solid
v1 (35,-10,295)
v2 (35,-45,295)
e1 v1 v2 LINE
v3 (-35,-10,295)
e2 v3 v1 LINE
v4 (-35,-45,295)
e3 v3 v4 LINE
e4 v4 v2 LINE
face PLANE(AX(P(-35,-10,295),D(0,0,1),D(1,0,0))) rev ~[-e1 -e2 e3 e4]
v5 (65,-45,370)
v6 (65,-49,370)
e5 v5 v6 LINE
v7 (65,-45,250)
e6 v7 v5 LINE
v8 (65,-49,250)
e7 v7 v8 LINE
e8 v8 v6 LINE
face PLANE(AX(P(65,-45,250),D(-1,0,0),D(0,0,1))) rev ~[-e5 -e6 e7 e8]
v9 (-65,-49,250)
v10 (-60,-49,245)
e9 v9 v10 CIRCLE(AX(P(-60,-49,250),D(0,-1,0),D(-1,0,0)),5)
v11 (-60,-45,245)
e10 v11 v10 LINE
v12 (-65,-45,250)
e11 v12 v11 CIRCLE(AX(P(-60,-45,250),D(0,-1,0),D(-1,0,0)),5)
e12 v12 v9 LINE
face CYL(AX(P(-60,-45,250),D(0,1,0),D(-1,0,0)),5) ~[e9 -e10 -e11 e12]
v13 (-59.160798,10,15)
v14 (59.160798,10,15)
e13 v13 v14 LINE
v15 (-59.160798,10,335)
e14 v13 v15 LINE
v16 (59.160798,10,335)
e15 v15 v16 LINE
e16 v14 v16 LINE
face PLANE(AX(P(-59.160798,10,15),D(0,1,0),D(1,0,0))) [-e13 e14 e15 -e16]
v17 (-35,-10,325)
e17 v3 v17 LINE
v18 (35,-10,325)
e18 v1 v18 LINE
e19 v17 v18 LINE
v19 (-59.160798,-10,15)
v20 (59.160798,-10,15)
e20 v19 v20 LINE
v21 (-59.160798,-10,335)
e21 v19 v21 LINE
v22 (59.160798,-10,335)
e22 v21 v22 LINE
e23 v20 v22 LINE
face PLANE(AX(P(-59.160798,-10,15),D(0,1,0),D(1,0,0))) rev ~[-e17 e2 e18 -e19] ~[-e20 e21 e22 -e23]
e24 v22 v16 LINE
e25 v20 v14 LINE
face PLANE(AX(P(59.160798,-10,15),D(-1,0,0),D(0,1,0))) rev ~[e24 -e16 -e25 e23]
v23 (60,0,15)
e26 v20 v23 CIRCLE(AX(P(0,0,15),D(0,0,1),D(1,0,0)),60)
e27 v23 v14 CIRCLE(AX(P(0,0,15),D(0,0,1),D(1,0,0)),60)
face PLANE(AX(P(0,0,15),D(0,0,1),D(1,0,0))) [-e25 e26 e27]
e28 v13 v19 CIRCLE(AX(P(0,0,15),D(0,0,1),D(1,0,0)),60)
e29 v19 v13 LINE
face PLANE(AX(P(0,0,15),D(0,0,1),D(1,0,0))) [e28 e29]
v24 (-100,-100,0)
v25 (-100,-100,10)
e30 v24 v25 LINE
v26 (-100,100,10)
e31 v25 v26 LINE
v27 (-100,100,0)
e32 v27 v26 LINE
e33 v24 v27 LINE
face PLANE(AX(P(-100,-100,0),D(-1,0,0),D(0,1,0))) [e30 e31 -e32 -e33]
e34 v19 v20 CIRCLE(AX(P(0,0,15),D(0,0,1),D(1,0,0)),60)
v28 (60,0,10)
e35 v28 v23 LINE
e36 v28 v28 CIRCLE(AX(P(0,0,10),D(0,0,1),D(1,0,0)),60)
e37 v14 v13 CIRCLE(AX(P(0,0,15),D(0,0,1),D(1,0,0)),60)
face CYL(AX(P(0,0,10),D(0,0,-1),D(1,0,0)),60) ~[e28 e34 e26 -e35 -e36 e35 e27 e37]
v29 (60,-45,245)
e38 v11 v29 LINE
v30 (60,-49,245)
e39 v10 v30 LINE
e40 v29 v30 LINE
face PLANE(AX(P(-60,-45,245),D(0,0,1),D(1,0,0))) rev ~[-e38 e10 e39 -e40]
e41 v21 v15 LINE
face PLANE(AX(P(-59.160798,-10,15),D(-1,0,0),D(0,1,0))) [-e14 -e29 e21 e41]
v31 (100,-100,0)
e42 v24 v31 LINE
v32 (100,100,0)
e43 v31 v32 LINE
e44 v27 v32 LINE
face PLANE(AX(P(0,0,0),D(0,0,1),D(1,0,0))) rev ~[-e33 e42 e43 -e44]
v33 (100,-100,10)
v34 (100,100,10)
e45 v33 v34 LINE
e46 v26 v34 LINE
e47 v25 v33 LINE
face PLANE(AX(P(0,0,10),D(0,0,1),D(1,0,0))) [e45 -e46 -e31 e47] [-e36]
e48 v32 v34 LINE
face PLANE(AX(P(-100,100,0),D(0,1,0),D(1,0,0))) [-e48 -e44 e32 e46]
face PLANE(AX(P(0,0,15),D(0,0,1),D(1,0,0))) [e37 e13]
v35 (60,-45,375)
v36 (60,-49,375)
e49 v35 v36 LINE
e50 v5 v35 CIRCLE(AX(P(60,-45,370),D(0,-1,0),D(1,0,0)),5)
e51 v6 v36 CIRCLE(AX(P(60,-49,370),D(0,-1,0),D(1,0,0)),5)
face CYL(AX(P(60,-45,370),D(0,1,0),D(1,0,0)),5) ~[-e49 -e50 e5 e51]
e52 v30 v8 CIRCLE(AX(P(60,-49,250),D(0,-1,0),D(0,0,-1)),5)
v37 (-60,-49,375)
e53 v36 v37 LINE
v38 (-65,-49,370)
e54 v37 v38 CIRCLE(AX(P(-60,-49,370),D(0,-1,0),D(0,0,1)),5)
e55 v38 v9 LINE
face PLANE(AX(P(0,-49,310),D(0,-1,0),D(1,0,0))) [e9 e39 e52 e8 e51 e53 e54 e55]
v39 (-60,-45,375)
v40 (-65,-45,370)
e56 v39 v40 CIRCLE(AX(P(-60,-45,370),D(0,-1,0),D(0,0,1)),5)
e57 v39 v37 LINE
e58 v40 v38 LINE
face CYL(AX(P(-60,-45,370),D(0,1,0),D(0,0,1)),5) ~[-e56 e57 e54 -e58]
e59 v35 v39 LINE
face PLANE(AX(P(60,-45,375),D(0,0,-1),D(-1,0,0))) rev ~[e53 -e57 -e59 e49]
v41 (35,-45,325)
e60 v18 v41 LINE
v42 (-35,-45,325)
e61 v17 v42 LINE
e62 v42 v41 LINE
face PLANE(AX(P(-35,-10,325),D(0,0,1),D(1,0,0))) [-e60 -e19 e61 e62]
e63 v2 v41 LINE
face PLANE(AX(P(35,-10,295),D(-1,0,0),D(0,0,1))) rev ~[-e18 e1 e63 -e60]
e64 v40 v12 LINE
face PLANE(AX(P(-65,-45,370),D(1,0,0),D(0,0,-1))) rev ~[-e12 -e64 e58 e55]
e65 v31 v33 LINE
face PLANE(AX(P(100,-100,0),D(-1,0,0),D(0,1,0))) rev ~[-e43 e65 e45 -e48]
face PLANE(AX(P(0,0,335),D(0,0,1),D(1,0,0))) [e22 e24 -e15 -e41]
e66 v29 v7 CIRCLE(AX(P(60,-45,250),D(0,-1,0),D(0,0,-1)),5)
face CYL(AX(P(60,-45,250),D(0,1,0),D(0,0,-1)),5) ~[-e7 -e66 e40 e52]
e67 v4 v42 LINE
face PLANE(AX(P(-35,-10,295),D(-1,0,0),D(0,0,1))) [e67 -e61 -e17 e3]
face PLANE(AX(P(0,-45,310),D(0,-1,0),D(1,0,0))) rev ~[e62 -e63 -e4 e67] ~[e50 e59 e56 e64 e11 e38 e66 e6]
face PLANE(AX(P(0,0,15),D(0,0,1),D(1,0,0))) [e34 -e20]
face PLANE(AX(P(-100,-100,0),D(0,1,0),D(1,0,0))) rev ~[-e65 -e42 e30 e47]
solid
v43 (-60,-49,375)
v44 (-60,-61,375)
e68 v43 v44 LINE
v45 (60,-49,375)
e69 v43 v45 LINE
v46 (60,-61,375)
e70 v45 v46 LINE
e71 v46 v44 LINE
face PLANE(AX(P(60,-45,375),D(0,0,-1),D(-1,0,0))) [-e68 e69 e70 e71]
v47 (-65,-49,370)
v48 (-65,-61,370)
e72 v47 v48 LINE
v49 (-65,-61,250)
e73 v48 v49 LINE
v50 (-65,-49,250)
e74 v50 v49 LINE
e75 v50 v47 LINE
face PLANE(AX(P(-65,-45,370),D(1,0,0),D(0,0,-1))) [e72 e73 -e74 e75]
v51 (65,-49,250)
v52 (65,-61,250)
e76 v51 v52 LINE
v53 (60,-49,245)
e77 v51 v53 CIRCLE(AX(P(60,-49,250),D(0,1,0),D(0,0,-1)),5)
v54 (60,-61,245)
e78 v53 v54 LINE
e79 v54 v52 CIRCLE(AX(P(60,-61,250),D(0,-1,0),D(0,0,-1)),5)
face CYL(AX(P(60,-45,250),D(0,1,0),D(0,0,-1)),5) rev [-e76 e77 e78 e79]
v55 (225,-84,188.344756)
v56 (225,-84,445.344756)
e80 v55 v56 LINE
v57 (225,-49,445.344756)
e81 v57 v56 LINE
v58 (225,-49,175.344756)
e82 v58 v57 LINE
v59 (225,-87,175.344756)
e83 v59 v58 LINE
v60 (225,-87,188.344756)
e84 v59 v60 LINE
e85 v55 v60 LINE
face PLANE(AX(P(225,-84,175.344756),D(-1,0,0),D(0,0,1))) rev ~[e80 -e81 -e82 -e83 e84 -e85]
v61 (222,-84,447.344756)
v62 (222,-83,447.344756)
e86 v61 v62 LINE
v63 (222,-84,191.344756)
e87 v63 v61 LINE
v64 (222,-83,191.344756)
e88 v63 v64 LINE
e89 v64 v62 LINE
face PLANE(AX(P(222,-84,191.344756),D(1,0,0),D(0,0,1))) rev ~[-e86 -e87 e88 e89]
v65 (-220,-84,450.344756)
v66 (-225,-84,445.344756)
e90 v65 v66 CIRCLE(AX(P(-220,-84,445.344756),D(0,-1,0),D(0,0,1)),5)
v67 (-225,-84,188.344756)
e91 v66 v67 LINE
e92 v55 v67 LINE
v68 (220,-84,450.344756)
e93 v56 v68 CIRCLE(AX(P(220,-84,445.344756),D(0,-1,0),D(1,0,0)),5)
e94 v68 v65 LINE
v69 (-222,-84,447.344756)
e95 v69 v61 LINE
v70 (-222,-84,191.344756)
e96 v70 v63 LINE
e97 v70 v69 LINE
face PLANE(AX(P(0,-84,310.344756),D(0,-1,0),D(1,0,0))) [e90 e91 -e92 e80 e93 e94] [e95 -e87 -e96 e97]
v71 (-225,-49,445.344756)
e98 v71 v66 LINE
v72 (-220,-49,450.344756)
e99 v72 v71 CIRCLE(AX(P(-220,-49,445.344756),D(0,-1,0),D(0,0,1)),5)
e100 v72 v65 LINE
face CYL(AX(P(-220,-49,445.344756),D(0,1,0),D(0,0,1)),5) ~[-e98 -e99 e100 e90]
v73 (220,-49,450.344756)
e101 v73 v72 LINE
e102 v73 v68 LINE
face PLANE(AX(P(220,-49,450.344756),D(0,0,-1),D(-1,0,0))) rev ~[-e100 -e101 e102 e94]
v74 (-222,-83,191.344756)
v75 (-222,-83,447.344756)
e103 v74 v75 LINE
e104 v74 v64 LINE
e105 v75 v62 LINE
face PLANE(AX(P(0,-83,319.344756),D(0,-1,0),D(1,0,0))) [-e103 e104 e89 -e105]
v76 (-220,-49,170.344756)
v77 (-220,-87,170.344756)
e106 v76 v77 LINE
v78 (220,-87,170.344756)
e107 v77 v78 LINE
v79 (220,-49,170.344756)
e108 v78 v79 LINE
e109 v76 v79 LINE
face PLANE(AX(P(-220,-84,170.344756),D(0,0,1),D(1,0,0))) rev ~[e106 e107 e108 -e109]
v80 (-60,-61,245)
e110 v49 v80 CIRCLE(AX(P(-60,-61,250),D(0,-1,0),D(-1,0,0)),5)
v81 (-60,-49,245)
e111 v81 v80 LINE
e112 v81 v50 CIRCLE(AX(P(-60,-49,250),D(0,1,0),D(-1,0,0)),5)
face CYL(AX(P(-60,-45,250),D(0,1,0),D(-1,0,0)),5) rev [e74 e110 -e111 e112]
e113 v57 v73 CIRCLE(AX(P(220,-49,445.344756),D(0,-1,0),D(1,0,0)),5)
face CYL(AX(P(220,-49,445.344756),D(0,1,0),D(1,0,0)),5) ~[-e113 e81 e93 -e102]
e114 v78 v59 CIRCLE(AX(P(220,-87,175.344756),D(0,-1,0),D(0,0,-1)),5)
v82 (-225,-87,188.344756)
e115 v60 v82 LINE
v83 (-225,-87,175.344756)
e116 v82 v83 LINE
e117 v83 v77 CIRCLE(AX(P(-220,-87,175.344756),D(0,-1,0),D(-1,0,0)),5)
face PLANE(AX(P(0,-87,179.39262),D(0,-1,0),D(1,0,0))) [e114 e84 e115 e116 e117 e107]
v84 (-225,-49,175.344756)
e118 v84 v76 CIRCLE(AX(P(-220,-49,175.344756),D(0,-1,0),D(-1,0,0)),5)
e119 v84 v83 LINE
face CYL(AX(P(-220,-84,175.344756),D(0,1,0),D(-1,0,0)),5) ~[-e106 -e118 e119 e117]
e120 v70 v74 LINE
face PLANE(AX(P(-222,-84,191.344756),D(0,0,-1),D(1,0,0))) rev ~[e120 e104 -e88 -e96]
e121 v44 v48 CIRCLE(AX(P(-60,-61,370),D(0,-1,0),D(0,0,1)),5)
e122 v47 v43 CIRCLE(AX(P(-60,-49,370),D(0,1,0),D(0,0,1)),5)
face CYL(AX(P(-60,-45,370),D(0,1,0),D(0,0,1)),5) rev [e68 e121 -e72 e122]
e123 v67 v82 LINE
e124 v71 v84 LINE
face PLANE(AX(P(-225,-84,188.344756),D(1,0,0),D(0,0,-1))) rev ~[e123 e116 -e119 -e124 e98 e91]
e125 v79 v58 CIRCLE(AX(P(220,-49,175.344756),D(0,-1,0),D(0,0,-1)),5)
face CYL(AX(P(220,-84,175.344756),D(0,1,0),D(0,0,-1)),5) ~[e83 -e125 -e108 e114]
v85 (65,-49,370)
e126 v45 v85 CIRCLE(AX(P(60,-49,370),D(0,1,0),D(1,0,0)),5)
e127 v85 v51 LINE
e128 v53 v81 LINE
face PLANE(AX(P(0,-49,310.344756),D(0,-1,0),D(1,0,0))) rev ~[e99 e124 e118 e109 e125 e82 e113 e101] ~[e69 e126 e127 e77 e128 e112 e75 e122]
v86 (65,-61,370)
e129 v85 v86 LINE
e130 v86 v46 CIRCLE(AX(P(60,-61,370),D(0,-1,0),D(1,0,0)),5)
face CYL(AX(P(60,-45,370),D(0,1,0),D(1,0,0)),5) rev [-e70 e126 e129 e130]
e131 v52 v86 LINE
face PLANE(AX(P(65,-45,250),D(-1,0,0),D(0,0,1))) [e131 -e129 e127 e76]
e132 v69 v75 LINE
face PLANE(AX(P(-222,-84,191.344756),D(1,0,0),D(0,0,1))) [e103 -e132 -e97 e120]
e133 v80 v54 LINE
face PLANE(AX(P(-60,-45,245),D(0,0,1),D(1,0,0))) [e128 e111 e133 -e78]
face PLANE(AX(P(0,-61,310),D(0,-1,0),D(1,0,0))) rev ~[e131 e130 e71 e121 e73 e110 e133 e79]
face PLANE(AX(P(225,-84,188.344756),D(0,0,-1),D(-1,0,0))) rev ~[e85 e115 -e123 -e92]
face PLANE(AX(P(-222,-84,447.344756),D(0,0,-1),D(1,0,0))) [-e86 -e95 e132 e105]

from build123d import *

# Parameters (mm, degrees)
F0_W      = 200
F0_H      = 200
F1_DEPTH  = 10
F2_R      = 60
F3_DEPTH  = 5
F4_W      = 118.321595662
F4_H      = 20
F5_DEPTH  = 320
F6_W      = 70
F6_H      = 30
F7_DEPTH  = 35
F9_DEPTH  = 4
F11_DEPTH = 35
F8_W      = 70
F8_H      = 30
F12_DEPTH = 16
F14_DEPTH = 3
F15_W     = 444
F15_H     = 256
F16_DEPTH = 1


with BuildPart() as f1:
    # F0 (on Top) → F1 (new body)
    with BuildSketch(Plane.XY):
        Rectangle(F0_W, F0_H)
    extrude(amount=F1_DEPTH)

    # F2 (on face) → F3 (join)
    with BuildSketch(Plane.XY.offset(10)):
        Circle(F2_R)
    extrude(amount=F3_DEPTH)

    # F4 (on face) → F5 (join)
    with BuildSketch(Plane.XY.offset(15)):
        Rectangle(F4_W, F4_H)
    extrude(amount=F5_DEPTH)

    # F6 (on face) → F7 (join)
    with BuildSketch(Plane.XZ.offset(10)):
        with Locations((0, 310)):
            Rectangle(F6_W, F6_H)
    extrude(amount=F7_DEPTH)

    # F8 (on face) → F9 (join)
    with BuildSketch(Plane.XZ.offset(45)):
        with BuildLine():
            Line((-60, 245), (60, 245))
            ThreePointArc((60, 245), (63.5355339059, 246.4644660941), (65, 250))
            Line((65, 250), (65, 370))
            ThreePointArc((65, 370), (63.5355339059, 373.5355339059), (60, 375))
            Line((60, 375), (-60, 375))
            ThreePointArc((-60, 375), (-63.5355339059, 373.5355339059), (-65, 370))
            Line((-65, 370), (-65, 250))
            ThreePointArc((-65, 250), (-63.5355339059, 246.4644660941), (-60, 245))
        make_face()
    extrude(amount=F9_DEPTH)


with BuildPart() as f11:
    # F10 (on face) → F11 (new body)
    with BuildSketch(Plane.XZ.offset(49)):
        with BuildLine():
            ThreePointArc((-225, 175.3447556496), (-223.5355339059, 171.8092217436), (-220, 170.3447556496))
            Line((-220, 170.3447556496), (220, 170.3447556496))
            ThreePointArc((220, 170.3447556496), (223.5355339059, 171.8092217436), (225, 175.3447556496))
            Line((225, 175.3447556496), (225, 445.3447556496))
            ThreePointArc((225, 445.3447556496), (223.5355339059, 448.8802895555), (220, 450.3447556496))
            Line((220, 450.3447556496), (-220, 450.3447556496))
            ThreePointArc((-220, 450.3447556496), (-223.5355339059, 448.8802895555), (-225, 445.3447556496))
            Line((-225, 445.3447556496), (-225, 175.3447556496))
        make_face()
    extrude(amount=F11_DEPTH)

    # F8 (on face) → F12 (cut)
    with BuildSketch(Plane.XZ.offset(45)):
        with BuildLine():
            Line((-60, 245), (60, 245))
            ThreePointArc((60, 245), (63.5355339059, 246.4644660941), (65, 250))
            Line((65, 250), (65, 370))
            ThreePointArc((65, 370), (63.5355339059, 373.5355339059), (60, 375))
            Line((60, 375), (-60, 375))
            ThreePointArc((-60, 375), (-63.5355339059, 373.5355339059), (-65, 370))
            Line((-65, 370), (-65, 250))
            ThreePointArc((-65, 250), (-63.5355339059, 246.4644660941), (-60, 245))
        make_face()
        with Locations((0, 310)):
            Rectangle(F8_W, F8_H, mode=Mode.SUBTRACT)
        with Locations((0, 310)):
            Rectangle(F8_W, F8_H)
    extrude(amount=F12_DEPTH, mode=Mode.SUBTRACT)

    # F13 (on face) → F14 (join)
    with BuildSketch(Plane.XZ.offset(84)):
        with BuildLine():
            Line((225, 188.3447556496), (-225, 188.3447556496))
            Line((-225, 188.3447556496), (-225, 175.3447556496))
            ThreePointArc((-225, 175.3447556496), (-223.5355339059, 171.8092217436), (-220, 170.3447556496))
            Line((-220, 170.3447556496), (220, 170.3447556496))
            ThreePointArc((220, 170.3447556496), (223.5355339059, 171.8092217436), (225, 175.3447556496))
            Line((225, 175.3447556496), (225, 188.3447556496))
        make_face()
    extrude(amount=F14_DEPTH)

    # F15 (on face) → F16 (cut)
    with BuildSketch(Plane.XZ.offset(84)):
        with Locations((0, 319.3447556496)):
            Rectangle(F15_W, F15_H)
    extrude(amount=-F16_DEPTH, mode=Mode.SUBTRACT)


solid = Compound([f1.part, f11.part])
